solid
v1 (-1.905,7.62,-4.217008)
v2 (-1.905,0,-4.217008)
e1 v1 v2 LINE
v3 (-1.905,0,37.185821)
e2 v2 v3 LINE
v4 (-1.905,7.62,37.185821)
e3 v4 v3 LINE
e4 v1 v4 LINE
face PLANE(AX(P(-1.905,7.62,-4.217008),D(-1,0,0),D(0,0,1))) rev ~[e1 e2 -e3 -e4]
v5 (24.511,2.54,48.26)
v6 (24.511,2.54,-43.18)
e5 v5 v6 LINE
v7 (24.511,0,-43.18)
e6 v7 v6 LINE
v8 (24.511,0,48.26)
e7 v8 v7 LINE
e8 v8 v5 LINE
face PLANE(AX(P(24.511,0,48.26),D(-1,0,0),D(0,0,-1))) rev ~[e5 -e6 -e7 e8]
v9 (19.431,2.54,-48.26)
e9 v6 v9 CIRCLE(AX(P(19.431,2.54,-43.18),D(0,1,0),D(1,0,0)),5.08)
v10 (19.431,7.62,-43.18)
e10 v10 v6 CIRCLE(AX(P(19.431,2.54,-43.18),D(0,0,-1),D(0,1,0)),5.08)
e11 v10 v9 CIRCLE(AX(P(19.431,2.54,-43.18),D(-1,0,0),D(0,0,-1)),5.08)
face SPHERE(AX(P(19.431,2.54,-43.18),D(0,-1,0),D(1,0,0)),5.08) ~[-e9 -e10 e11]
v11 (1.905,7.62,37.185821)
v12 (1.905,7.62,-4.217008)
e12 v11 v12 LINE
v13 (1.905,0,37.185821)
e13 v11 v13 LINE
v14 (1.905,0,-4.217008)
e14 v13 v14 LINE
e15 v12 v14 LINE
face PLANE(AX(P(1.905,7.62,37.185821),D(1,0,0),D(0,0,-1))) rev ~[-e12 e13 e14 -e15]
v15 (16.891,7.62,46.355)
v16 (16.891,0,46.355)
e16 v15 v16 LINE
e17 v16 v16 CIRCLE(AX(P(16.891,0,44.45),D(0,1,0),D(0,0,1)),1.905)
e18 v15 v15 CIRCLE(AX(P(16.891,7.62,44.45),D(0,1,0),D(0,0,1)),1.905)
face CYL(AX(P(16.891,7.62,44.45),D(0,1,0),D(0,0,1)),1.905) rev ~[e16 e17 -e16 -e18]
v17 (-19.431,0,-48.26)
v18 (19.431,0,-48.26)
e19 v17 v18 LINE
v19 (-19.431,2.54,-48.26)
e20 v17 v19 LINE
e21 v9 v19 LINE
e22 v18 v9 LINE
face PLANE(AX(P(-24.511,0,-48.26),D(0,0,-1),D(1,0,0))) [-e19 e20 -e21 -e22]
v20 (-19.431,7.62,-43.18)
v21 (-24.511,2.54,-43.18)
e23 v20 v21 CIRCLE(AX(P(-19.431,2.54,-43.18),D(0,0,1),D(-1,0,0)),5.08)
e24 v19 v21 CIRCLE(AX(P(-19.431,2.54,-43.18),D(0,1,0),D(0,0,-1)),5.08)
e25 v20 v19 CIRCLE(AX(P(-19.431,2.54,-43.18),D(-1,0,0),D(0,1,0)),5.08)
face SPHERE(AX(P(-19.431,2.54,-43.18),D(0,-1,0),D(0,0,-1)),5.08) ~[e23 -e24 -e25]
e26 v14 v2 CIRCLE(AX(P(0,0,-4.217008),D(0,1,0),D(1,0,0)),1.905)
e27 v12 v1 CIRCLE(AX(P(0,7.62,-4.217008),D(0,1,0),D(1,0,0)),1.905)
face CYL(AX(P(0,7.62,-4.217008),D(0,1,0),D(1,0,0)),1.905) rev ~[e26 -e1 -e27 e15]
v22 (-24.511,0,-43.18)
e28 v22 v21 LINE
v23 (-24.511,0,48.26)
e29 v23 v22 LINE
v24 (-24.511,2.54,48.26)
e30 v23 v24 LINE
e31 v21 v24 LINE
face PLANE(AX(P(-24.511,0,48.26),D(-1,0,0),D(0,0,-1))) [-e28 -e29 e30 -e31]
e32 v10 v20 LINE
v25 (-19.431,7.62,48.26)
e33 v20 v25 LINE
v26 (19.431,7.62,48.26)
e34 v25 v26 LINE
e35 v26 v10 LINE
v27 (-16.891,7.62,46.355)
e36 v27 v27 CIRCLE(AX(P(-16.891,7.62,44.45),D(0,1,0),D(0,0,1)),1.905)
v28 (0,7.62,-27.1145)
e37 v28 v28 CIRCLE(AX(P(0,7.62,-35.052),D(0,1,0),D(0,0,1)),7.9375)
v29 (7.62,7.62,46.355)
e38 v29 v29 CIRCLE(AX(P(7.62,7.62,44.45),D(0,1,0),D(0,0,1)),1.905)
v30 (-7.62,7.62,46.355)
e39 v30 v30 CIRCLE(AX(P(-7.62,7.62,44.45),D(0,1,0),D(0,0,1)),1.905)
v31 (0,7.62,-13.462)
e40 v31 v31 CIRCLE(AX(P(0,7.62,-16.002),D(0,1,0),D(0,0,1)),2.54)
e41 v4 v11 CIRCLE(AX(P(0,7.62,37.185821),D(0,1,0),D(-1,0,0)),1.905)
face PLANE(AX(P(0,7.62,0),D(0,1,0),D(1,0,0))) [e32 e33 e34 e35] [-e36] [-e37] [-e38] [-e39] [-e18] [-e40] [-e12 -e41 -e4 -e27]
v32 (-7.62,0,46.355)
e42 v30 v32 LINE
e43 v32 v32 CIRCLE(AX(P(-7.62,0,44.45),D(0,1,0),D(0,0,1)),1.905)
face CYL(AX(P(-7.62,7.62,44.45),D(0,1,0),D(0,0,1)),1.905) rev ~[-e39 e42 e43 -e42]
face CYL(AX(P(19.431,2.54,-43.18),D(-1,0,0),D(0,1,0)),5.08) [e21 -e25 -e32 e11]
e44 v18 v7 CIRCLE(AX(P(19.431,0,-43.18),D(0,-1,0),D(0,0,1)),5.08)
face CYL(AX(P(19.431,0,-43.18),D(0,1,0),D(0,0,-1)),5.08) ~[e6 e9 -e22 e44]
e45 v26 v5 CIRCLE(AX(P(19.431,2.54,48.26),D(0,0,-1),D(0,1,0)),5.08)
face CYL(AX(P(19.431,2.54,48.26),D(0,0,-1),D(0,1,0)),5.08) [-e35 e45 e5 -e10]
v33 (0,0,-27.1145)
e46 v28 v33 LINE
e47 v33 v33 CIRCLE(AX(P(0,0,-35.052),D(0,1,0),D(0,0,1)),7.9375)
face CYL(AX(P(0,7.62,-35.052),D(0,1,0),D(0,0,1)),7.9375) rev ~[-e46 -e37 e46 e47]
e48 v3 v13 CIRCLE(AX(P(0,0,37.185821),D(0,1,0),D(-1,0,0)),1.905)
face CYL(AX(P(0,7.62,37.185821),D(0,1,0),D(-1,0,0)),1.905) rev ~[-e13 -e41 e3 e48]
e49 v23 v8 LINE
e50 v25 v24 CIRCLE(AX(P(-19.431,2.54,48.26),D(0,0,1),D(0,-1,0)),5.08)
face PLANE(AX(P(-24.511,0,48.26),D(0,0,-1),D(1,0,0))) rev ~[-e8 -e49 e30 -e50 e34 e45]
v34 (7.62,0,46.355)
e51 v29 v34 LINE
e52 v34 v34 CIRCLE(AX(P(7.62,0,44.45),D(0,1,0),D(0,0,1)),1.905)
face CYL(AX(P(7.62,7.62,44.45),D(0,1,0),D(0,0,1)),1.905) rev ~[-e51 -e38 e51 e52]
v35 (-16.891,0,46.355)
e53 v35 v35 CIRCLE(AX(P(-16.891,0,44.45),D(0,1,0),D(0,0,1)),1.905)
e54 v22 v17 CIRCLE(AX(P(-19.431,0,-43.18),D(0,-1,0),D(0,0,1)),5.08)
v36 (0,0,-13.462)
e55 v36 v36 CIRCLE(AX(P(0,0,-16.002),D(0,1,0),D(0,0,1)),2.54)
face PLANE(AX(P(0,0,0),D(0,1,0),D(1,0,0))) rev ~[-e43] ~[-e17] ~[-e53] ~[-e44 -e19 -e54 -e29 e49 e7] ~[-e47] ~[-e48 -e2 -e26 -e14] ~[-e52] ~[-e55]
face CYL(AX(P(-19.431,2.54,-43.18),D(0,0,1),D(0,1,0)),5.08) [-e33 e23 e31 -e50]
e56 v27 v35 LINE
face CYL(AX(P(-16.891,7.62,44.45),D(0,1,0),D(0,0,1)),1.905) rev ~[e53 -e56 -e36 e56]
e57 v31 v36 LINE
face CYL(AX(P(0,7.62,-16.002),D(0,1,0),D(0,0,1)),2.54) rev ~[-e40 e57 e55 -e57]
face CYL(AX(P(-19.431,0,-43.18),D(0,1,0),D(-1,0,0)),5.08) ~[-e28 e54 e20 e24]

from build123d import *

# Parameters (mm, degrees)
SKETCH1_W           = 49.022
SKETCH1_H           = 96.52
BOSS_EXTRUDE1_DEPTH = 7.62
SKETCH2_R           = 1.905
CUT_EXTRUDE1_DEPTH  = 55.661514075
SKETCH3_R           = 7.9375
CUT_EXTRUDE2_DEPTH  = 55.661514075
FILLET1_R           = 5.08
FILLET2_R           = 5.08
CUT_EXTRUDE3_DEPTH  = 55.661514075
SKETCH5_R           = 7.9375
SKETCH5_R_2         = 2.54
CUT_EXTRUDE4_DEPTH  = 55.661514075


with BuildPart() as part:
    # Sketch1 → Boss-Extrude1 (new body)
    with BuildSketch(Plane(origin=(0, 0, 0), x_dir=(1, 0, 0), z_dir=(0, 1, 0))):
        Rectangle(SKETCH1_W, SKETCH1_H)
    extrude(amount=BOSS_EXTRUDE1_DEPTH)

    # Sketch2 → Cut-Extrude1 (cut, through all)
    with BuildSketch(Plane(origin=(0, 7.62, 0), x_dir=(1, 0, 0), z_dir=(0, 1, 0))):
        with Locations(Location((-16.891, -44.45, 0), (0, 0, 270))):
            Circle(SKETCH2_R)
        with Locations(Location((-7.62, -44.45, 0), (0, 0, 270))):
            Circle(SKETCH2_R)
        with Locations(Location((7.62, -44.45, 0), (0, 0, 270))):
            Circle(SKETCH2_R)
        with Locations(Location((16.891, -44.45, 0), (0, 0, 270))):
            Circle(SKETCH2_R)
    extrude(amount=-CUT_EXTRUDE1_DEPTH, mode=Mode.SUBTRACT)

    # Sketch3 → Cut-Extrude2 (cut, through all)
    with BuildSketch(Plane(origin=(0, 7.62, 0), x_dir=(1, 0, 0), z_dir=(0, 1, 0))):
        with Locations(Location((0, 35.052, 0), (0, 0, 270))):
            Circle(SKETCH3_R)
    extrude(amount=-CUT_EXTRUDE2_DEPTH, mode=Mode.SUBTRACT)

    # Fillet1
    fillet1_edges = [part.edges().sort_by_distance(p)[0] for p in [
        (-24.511, 3.81, -48.26),
        (24.511, 3.81, -48.26),
    ]]
    fillet(fillet1_edges, radius=FILLET1_R)

    # Fillet2
    fillet2_edges = [part.edges().sort_by_distance(p)[0] for p in [
        (24.511, 7.62, 2.54),
        (-24.511, 7.62, 2.54),
        (0, 7.62, -48.26),
        (23.023102448, 7.62, -46.772102448),
        (-23.023102448, 7.62, -46.772102448),
    ]]
    fillet(fillet2_edges, radius=FILLET2_R)

    # Sketch4 → Cut-Extrude3 (cut, through all)
    with BuildSketch(Plane(origin=(0, 7.62, 0), x_dir=(1, 0, 0), z_dir=(0, 1, 0))):
        with BuildLine():
            Line((-1.905, -34.645821142), (-1.905, -37.185821142))
            ThreePointArc((-1.905, -37.185821142), (0, -39.090821142), (1.905, -37.185821142))
            Line((1.905, -37.185821142), (1.905, -34.645821142))
            Line((1.905, -34.645821142), (1.905, 4.217007536))
            ThreePointArc((1.905, 4.217007536), (0, 6.122007536), (-1.905, 4.217007536))
            Line((-1.905, 4.217007536), (-1.905, -34.645821142))
        make_face()
    extrude(amount=-CUT_EXTRUDE3_DEPTH, mode=Mode.SUBTRACT)

    # Sketch5 → Cut-Extrude4 (cut, through all)
    with BuildSketch(Plane(origin=(0, 7.62, 0), x_dir=(1, 0, 0), z_dir=(0, 1, 0))):
        with Locations(Location((0, 35.052, 0), (0, 0, 270))):
            Circle(SKETCH5_R)
        with Locations(Location((0, 16.002, 0), (0, 0, 270))):
            Circle(SKETCH5_R_2)
    extrude(amount=-CUT_EXTRUDE4_DEPTH, mode=Mode.SUBTRACT)


solid = part.part
